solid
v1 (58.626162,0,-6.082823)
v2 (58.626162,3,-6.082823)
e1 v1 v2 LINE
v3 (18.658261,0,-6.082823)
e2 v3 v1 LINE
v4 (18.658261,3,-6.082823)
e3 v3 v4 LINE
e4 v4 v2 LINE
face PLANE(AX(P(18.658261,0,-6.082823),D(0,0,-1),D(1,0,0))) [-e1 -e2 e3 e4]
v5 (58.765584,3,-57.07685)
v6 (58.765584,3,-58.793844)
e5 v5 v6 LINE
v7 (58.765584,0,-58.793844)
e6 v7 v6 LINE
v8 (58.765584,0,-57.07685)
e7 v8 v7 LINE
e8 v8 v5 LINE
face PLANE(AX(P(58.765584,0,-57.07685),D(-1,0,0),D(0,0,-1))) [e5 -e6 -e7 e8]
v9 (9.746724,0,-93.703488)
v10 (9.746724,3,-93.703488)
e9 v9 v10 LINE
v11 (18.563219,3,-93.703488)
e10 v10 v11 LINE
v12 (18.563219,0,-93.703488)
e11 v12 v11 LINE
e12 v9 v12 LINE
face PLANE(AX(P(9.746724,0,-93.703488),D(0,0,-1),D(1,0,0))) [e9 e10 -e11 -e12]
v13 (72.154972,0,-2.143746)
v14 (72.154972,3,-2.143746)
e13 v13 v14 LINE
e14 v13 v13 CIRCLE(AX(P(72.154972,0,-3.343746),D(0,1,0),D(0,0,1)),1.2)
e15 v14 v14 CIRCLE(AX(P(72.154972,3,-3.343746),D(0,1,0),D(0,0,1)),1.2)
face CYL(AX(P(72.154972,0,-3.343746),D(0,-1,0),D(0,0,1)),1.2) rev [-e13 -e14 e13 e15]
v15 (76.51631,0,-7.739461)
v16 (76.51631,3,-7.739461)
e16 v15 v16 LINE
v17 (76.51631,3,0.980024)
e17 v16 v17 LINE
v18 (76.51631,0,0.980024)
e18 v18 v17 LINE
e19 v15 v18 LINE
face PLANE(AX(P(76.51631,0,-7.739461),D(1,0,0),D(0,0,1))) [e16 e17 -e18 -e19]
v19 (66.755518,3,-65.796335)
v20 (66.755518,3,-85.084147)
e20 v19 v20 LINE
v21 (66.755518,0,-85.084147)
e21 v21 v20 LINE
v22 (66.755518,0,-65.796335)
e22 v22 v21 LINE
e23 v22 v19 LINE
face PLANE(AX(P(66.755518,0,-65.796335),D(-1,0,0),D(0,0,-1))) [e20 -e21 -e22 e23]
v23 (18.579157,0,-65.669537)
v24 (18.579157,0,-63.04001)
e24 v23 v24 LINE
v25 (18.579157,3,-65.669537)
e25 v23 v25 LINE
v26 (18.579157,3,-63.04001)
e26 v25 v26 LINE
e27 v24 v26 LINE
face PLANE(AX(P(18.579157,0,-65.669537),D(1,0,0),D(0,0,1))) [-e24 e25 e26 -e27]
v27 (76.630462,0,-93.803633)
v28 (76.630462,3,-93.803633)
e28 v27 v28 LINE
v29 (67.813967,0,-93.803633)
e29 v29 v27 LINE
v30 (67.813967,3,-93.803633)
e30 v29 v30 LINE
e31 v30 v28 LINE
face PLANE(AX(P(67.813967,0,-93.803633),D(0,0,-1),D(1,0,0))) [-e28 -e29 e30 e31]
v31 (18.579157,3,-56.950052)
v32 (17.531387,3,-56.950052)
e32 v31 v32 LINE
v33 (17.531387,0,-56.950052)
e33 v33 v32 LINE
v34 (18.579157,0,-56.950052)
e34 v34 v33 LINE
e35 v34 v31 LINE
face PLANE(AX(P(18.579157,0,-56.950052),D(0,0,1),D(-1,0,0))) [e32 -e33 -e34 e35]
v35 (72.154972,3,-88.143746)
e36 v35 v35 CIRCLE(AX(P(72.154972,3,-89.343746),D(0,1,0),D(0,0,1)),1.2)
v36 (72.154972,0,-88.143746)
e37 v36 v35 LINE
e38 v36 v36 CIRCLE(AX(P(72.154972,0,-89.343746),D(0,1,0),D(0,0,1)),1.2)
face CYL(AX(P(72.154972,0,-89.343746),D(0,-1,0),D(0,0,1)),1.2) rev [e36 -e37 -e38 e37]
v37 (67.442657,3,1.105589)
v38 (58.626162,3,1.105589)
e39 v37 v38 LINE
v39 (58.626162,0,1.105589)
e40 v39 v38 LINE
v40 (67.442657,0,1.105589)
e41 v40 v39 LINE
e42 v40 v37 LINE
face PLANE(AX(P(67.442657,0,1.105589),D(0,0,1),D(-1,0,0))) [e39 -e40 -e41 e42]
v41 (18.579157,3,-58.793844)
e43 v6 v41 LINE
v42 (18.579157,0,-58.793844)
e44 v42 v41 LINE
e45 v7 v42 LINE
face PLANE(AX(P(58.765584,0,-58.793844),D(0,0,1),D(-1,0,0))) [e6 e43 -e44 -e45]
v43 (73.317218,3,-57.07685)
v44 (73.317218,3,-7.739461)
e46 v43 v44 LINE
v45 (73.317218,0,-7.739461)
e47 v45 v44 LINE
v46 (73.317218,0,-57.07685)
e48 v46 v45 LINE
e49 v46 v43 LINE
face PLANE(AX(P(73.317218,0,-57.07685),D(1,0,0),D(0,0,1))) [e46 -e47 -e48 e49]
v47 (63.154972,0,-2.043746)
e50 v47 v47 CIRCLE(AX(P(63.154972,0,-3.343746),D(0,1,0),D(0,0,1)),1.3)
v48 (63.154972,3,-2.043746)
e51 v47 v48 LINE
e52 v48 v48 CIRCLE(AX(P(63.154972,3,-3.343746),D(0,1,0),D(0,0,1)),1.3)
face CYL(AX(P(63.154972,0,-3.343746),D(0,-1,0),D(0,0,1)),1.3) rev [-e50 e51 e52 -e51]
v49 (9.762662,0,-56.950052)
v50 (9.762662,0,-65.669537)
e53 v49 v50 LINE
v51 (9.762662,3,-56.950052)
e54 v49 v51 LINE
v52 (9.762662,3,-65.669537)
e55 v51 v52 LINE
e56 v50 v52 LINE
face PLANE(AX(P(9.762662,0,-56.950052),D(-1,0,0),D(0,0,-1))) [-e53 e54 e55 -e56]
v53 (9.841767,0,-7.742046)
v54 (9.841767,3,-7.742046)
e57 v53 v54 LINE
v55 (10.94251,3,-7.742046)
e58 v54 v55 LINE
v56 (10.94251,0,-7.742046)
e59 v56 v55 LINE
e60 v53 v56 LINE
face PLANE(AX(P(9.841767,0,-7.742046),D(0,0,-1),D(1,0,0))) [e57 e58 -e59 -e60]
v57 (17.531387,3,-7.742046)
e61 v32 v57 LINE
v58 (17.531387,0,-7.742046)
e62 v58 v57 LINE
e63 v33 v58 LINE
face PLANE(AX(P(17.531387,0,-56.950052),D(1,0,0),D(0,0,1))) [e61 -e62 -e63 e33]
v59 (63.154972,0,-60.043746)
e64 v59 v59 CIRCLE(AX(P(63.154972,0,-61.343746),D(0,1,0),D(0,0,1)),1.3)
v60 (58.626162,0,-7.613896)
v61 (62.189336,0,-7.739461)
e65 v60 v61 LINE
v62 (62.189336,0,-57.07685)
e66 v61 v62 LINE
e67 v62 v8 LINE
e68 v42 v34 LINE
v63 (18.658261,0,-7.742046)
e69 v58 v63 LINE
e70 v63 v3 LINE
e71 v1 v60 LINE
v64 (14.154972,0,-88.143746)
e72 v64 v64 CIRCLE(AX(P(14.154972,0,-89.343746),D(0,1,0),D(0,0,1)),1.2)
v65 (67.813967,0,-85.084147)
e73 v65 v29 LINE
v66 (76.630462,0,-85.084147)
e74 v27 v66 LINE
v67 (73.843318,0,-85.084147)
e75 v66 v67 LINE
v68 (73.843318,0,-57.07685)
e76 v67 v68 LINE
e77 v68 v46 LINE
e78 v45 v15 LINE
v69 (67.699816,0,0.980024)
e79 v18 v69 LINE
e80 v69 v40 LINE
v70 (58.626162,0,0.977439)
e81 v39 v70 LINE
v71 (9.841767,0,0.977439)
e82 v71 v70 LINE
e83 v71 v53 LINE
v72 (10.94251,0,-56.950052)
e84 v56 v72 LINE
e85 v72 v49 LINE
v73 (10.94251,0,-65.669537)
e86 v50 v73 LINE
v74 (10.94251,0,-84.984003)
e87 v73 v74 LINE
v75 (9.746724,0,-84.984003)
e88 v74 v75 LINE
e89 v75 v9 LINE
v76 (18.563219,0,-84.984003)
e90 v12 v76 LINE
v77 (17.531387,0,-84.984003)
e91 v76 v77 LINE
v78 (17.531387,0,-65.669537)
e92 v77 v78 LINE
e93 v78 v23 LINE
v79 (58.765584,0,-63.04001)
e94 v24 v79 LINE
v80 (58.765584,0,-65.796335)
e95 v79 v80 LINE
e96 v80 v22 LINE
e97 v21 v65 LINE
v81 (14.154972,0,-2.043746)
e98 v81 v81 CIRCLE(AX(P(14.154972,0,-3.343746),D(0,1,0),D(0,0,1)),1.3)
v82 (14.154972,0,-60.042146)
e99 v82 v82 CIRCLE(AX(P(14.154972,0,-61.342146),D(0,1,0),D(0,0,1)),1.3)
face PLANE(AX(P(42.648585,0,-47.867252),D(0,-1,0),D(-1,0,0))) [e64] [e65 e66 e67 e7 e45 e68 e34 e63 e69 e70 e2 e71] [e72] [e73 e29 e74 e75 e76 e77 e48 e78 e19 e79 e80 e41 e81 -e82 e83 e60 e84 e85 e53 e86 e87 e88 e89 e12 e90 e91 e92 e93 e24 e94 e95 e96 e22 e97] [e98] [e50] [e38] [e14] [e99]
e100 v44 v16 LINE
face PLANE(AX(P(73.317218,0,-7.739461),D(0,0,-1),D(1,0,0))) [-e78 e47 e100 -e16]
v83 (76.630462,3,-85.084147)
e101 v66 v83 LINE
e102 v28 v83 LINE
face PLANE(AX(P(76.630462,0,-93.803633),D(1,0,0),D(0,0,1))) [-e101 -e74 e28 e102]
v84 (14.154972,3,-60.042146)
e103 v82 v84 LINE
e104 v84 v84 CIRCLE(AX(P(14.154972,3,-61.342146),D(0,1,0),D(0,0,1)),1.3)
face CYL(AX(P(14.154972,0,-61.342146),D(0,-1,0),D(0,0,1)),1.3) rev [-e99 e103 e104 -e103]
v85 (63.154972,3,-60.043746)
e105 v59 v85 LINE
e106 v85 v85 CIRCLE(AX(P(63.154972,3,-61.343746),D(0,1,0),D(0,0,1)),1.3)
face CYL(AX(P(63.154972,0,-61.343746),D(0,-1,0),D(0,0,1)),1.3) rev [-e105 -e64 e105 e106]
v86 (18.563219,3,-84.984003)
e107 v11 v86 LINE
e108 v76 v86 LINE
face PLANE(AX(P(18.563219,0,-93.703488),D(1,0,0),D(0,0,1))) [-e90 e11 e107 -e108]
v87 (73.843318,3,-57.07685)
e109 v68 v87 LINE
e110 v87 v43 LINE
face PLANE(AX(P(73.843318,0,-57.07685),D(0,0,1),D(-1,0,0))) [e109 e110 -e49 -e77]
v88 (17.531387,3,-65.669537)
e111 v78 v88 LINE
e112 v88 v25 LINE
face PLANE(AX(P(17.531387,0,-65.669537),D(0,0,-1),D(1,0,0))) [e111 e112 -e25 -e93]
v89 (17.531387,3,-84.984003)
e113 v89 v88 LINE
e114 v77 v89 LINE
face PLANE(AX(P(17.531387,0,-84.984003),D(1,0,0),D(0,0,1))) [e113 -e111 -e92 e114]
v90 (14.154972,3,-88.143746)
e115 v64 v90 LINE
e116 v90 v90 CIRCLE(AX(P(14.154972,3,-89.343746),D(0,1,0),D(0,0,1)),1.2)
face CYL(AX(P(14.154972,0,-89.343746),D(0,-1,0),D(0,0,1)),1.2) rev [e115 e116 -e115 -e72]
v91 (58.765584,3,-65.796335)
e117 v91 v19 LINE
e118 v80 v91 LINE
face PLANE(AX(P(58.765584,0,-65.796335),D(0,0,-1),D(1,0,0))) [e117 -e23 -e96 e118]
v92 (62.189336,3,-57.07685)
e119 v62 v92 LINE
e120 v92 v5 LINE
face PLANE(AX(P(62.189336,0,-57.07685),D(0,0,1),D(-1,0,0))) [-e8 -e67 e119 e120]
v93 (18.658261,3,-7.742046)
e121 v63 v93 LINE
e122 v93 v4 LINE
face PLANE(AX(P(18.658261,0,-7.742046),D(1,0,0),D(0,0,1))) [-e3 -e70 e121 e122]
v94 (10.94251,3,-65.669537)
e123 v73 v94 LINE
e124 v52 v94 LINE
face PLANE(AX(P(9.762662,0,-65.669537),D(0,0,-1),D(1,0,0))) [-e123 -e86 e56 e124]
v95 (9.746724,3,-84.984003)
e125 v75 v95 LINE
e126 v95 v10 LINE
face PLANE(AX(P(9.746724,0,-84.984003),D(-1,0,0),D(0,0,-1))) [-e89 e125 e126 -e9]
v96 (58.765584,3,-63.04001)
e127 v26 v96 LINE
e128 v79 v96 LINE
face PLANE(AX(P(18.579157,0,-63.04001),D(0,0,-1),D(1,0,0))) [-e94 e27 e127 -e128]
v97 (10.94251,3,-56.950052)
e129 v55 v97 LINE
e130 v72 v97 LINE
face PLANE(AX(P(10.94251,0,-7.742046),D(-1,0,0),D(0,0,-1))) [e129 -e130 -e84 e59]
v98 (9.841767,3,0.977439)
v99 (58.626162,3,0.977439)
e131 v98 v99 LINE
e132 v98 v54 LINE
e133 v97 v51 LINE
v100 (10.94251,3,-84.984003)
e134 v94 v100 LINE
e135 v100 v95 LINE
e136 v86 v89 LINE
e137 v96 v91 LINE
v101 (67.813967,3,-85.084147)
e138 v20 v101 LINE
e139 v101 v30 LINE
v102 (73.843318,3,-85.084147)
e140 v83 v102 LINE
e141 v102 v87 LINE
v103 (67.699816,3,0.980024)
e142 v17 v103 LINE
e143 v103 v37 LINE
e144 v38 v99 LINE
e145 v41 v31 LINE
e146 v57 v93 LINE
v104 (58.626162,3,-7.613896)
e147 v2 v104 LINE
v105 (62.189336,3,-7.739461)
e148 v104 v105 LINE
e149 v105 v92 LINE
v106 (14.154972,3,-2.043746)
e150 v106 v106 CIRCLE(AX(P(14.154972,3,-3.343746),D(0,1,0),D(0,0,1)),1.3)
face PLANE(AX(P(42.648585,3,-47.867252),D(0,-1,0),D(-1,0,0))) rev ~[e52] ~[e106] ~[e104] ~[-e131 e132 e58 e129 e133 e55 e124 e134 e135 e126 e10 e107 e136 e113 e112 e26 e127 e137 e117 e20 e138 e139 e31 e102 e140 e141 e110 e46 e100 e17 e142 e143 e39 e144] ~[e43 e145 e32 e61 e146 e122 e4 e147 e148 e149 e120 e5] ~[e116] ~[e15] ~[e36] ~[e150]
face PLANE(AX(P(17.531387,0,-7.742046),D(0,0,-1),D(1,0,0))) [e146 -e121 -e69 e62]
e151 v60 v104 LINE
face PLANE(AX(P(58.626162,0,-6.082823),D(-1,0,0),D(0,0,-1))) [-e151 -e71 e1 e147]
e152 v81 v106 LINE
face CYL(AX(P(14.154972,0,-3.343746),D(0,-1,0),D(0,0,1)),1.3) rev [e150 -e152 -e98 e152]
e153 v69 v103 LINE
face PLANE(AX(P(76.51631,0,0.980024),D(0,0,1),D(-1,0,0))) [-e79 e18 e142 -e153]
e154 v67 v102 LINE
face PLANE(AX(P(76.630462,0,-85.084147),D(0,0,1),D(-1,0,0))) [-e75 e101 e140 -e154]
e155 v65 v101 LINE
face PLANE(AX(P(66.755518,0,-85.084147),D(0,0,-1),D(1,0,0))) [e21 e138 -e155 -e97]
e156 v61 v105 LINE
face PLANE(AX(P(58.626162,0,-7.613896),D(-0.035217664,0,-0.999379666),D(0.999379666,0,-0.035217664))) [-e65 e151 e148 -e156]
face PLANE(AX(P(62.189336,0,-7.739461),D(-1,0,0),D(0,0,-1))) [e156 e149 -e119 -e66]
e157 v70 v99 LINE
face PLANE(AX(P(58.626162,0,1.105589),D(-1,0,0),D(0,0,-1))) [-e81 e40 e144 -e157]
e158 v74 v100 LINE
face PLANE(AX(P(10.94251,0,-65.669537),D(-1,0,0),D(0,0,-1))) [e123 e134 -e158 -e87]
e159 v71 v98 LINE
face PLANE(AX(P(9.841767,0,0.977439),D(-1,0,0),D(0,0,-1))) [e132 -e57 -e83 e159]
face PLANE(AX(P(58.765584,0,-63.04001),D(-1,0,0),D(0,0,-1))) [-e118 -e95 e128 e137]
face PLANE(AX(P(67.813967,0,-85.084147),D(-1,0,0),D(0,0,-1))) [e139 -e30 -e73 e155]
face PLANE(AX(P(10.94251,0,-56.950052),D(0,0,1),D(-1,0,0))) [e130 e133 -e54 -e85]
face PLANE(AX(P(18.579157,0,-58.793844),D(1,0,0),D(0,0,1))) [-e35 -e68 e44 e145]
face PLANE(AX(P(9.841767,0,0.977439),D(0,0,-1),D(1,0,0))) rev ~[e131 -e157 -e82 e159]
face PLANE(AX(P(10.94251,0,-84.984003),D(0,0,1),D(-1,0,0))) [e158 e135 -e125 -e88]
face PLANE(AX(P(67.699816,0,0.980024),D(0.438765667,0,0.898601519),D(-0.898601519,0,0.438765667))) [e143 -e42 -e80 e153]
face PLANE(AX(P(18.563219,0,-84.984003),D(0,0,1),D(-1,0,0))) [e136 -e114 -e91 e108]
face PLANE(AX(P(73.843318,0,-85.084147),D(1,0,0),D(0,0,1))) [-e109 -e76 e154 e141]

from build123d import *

# Parameters (mm, degrees)
SKETCH1_R           = 1.3
SKETCH1_R_2         = 1.2
BOSS_EXTRUDE1_DEPTH = 3


with BuildPart() as part:
    # Sketch1 → Boss-Extrude1 (new body)
    with BuildSketch(Plane(origin=(0, 0, 0), x_dir=(1, 0, 0), z_dir=(0, 1, 0))):
        Polygon((9.762662215, 65.669537047), (10.942509785, 65.669537047), (10.942509785, 84.984003028), (9.746724448, 84.984003028), (9.746724448, 93.703488322), (18.563219001, 93.703488322), (18.563219001, 84.984003028), (17.531387454, 84.984003028), (17.531387454, 65.669537047), (18.579156769, 65.669537047), (18.579156769, 63.040010061), (58.765583648, 63.040010061), (58.765583648, 65.796335383), (66.755517737, 65.796335383), (66.755517737, 85.084147443), (67.813967442, 85.084147443), (67.813967442, 93.803632737), (76.630461995, 93.803632737), (76.630461995, 85.084147443), (73.843318023, 85.084147443), (73.843318023, 57.076850089), (73.317218387, 57.076850089), (73.317218387, 7.739461046), (76.516310065, 7.739461046), (76.516310065, -0.980024248), (67.699815511, -0.980024248), (67.442656599, -1.105588805), (58.626162046, -1.105588805), (58.626162046, -0.977439081), (18.658261308, -0.977439081), (9.841766755, -0.977439081), (9.841766755, 7.742046212), (10.942509785, 7.742046212), (10.942509785, 56.950051753), (9.762662215, 56.950051753), align=None)
        with Locations(Location((14.154971724, 3.343745675, 0), (0, 0, 270))):
            Circle(SKETCH1_R, mode=Mode.SUBTRACT)
        with Locations(Location((63.154971724, 3.343745675, 0), (0, 0, 270))):
            Circle(SKETCH1_R, mode=Mode.SUBTRACT)
        with Locations(Location((14.154971724, 61.342146029, 0), (0, 0, 270))):
            Circle(SKETCH1_R, mode=Mode.SUBTRACT)
        with Locations(Location((63.154971698, 61.343745675, 0), (0, 0, 270))):
            Circle(SKETCH1_R, mode=Mode.SUBTRACT)
        with Locations(Location((72.154971724, 3.343745675, 0), (0, 0, 270))):
            Circle(SKETCH1_R_2, mode=Mode.SUBTRACT)
        with Locations(Location((72.154971724, 89.343745675, 0), (0, 0, 270))):
            Circle(SKETCH1_R_2, mode=Mode.SUBTRACT)
        with Locations(Location((14.154971724, 89.343745675, 0), (0, 0, 270))):
            Circle(SKETCH1_R_2, mode=Mode.SUBTRACT)
        Polygon((18.658261308, 7.742046212), (18.658261308, 6.082823098), (58.626162046, 6.082823098), (58.626162046, 7.613896488), (62.189336101, 7.739461046), (62.189336101, 57.076850089), (58.765583648, 57.076850089), (58.765583648, 58.793844452), (18.579156769, 58.793844452), (18.579156769, 56.950051753), (17.531387454, 56.950051753), (17.531387454, 7.742046212), align=None, mode=Mode.SUBTRACT)
    extrude(amount=BOSS_EXTRUDE1_DEPTH)


solid = part.part
